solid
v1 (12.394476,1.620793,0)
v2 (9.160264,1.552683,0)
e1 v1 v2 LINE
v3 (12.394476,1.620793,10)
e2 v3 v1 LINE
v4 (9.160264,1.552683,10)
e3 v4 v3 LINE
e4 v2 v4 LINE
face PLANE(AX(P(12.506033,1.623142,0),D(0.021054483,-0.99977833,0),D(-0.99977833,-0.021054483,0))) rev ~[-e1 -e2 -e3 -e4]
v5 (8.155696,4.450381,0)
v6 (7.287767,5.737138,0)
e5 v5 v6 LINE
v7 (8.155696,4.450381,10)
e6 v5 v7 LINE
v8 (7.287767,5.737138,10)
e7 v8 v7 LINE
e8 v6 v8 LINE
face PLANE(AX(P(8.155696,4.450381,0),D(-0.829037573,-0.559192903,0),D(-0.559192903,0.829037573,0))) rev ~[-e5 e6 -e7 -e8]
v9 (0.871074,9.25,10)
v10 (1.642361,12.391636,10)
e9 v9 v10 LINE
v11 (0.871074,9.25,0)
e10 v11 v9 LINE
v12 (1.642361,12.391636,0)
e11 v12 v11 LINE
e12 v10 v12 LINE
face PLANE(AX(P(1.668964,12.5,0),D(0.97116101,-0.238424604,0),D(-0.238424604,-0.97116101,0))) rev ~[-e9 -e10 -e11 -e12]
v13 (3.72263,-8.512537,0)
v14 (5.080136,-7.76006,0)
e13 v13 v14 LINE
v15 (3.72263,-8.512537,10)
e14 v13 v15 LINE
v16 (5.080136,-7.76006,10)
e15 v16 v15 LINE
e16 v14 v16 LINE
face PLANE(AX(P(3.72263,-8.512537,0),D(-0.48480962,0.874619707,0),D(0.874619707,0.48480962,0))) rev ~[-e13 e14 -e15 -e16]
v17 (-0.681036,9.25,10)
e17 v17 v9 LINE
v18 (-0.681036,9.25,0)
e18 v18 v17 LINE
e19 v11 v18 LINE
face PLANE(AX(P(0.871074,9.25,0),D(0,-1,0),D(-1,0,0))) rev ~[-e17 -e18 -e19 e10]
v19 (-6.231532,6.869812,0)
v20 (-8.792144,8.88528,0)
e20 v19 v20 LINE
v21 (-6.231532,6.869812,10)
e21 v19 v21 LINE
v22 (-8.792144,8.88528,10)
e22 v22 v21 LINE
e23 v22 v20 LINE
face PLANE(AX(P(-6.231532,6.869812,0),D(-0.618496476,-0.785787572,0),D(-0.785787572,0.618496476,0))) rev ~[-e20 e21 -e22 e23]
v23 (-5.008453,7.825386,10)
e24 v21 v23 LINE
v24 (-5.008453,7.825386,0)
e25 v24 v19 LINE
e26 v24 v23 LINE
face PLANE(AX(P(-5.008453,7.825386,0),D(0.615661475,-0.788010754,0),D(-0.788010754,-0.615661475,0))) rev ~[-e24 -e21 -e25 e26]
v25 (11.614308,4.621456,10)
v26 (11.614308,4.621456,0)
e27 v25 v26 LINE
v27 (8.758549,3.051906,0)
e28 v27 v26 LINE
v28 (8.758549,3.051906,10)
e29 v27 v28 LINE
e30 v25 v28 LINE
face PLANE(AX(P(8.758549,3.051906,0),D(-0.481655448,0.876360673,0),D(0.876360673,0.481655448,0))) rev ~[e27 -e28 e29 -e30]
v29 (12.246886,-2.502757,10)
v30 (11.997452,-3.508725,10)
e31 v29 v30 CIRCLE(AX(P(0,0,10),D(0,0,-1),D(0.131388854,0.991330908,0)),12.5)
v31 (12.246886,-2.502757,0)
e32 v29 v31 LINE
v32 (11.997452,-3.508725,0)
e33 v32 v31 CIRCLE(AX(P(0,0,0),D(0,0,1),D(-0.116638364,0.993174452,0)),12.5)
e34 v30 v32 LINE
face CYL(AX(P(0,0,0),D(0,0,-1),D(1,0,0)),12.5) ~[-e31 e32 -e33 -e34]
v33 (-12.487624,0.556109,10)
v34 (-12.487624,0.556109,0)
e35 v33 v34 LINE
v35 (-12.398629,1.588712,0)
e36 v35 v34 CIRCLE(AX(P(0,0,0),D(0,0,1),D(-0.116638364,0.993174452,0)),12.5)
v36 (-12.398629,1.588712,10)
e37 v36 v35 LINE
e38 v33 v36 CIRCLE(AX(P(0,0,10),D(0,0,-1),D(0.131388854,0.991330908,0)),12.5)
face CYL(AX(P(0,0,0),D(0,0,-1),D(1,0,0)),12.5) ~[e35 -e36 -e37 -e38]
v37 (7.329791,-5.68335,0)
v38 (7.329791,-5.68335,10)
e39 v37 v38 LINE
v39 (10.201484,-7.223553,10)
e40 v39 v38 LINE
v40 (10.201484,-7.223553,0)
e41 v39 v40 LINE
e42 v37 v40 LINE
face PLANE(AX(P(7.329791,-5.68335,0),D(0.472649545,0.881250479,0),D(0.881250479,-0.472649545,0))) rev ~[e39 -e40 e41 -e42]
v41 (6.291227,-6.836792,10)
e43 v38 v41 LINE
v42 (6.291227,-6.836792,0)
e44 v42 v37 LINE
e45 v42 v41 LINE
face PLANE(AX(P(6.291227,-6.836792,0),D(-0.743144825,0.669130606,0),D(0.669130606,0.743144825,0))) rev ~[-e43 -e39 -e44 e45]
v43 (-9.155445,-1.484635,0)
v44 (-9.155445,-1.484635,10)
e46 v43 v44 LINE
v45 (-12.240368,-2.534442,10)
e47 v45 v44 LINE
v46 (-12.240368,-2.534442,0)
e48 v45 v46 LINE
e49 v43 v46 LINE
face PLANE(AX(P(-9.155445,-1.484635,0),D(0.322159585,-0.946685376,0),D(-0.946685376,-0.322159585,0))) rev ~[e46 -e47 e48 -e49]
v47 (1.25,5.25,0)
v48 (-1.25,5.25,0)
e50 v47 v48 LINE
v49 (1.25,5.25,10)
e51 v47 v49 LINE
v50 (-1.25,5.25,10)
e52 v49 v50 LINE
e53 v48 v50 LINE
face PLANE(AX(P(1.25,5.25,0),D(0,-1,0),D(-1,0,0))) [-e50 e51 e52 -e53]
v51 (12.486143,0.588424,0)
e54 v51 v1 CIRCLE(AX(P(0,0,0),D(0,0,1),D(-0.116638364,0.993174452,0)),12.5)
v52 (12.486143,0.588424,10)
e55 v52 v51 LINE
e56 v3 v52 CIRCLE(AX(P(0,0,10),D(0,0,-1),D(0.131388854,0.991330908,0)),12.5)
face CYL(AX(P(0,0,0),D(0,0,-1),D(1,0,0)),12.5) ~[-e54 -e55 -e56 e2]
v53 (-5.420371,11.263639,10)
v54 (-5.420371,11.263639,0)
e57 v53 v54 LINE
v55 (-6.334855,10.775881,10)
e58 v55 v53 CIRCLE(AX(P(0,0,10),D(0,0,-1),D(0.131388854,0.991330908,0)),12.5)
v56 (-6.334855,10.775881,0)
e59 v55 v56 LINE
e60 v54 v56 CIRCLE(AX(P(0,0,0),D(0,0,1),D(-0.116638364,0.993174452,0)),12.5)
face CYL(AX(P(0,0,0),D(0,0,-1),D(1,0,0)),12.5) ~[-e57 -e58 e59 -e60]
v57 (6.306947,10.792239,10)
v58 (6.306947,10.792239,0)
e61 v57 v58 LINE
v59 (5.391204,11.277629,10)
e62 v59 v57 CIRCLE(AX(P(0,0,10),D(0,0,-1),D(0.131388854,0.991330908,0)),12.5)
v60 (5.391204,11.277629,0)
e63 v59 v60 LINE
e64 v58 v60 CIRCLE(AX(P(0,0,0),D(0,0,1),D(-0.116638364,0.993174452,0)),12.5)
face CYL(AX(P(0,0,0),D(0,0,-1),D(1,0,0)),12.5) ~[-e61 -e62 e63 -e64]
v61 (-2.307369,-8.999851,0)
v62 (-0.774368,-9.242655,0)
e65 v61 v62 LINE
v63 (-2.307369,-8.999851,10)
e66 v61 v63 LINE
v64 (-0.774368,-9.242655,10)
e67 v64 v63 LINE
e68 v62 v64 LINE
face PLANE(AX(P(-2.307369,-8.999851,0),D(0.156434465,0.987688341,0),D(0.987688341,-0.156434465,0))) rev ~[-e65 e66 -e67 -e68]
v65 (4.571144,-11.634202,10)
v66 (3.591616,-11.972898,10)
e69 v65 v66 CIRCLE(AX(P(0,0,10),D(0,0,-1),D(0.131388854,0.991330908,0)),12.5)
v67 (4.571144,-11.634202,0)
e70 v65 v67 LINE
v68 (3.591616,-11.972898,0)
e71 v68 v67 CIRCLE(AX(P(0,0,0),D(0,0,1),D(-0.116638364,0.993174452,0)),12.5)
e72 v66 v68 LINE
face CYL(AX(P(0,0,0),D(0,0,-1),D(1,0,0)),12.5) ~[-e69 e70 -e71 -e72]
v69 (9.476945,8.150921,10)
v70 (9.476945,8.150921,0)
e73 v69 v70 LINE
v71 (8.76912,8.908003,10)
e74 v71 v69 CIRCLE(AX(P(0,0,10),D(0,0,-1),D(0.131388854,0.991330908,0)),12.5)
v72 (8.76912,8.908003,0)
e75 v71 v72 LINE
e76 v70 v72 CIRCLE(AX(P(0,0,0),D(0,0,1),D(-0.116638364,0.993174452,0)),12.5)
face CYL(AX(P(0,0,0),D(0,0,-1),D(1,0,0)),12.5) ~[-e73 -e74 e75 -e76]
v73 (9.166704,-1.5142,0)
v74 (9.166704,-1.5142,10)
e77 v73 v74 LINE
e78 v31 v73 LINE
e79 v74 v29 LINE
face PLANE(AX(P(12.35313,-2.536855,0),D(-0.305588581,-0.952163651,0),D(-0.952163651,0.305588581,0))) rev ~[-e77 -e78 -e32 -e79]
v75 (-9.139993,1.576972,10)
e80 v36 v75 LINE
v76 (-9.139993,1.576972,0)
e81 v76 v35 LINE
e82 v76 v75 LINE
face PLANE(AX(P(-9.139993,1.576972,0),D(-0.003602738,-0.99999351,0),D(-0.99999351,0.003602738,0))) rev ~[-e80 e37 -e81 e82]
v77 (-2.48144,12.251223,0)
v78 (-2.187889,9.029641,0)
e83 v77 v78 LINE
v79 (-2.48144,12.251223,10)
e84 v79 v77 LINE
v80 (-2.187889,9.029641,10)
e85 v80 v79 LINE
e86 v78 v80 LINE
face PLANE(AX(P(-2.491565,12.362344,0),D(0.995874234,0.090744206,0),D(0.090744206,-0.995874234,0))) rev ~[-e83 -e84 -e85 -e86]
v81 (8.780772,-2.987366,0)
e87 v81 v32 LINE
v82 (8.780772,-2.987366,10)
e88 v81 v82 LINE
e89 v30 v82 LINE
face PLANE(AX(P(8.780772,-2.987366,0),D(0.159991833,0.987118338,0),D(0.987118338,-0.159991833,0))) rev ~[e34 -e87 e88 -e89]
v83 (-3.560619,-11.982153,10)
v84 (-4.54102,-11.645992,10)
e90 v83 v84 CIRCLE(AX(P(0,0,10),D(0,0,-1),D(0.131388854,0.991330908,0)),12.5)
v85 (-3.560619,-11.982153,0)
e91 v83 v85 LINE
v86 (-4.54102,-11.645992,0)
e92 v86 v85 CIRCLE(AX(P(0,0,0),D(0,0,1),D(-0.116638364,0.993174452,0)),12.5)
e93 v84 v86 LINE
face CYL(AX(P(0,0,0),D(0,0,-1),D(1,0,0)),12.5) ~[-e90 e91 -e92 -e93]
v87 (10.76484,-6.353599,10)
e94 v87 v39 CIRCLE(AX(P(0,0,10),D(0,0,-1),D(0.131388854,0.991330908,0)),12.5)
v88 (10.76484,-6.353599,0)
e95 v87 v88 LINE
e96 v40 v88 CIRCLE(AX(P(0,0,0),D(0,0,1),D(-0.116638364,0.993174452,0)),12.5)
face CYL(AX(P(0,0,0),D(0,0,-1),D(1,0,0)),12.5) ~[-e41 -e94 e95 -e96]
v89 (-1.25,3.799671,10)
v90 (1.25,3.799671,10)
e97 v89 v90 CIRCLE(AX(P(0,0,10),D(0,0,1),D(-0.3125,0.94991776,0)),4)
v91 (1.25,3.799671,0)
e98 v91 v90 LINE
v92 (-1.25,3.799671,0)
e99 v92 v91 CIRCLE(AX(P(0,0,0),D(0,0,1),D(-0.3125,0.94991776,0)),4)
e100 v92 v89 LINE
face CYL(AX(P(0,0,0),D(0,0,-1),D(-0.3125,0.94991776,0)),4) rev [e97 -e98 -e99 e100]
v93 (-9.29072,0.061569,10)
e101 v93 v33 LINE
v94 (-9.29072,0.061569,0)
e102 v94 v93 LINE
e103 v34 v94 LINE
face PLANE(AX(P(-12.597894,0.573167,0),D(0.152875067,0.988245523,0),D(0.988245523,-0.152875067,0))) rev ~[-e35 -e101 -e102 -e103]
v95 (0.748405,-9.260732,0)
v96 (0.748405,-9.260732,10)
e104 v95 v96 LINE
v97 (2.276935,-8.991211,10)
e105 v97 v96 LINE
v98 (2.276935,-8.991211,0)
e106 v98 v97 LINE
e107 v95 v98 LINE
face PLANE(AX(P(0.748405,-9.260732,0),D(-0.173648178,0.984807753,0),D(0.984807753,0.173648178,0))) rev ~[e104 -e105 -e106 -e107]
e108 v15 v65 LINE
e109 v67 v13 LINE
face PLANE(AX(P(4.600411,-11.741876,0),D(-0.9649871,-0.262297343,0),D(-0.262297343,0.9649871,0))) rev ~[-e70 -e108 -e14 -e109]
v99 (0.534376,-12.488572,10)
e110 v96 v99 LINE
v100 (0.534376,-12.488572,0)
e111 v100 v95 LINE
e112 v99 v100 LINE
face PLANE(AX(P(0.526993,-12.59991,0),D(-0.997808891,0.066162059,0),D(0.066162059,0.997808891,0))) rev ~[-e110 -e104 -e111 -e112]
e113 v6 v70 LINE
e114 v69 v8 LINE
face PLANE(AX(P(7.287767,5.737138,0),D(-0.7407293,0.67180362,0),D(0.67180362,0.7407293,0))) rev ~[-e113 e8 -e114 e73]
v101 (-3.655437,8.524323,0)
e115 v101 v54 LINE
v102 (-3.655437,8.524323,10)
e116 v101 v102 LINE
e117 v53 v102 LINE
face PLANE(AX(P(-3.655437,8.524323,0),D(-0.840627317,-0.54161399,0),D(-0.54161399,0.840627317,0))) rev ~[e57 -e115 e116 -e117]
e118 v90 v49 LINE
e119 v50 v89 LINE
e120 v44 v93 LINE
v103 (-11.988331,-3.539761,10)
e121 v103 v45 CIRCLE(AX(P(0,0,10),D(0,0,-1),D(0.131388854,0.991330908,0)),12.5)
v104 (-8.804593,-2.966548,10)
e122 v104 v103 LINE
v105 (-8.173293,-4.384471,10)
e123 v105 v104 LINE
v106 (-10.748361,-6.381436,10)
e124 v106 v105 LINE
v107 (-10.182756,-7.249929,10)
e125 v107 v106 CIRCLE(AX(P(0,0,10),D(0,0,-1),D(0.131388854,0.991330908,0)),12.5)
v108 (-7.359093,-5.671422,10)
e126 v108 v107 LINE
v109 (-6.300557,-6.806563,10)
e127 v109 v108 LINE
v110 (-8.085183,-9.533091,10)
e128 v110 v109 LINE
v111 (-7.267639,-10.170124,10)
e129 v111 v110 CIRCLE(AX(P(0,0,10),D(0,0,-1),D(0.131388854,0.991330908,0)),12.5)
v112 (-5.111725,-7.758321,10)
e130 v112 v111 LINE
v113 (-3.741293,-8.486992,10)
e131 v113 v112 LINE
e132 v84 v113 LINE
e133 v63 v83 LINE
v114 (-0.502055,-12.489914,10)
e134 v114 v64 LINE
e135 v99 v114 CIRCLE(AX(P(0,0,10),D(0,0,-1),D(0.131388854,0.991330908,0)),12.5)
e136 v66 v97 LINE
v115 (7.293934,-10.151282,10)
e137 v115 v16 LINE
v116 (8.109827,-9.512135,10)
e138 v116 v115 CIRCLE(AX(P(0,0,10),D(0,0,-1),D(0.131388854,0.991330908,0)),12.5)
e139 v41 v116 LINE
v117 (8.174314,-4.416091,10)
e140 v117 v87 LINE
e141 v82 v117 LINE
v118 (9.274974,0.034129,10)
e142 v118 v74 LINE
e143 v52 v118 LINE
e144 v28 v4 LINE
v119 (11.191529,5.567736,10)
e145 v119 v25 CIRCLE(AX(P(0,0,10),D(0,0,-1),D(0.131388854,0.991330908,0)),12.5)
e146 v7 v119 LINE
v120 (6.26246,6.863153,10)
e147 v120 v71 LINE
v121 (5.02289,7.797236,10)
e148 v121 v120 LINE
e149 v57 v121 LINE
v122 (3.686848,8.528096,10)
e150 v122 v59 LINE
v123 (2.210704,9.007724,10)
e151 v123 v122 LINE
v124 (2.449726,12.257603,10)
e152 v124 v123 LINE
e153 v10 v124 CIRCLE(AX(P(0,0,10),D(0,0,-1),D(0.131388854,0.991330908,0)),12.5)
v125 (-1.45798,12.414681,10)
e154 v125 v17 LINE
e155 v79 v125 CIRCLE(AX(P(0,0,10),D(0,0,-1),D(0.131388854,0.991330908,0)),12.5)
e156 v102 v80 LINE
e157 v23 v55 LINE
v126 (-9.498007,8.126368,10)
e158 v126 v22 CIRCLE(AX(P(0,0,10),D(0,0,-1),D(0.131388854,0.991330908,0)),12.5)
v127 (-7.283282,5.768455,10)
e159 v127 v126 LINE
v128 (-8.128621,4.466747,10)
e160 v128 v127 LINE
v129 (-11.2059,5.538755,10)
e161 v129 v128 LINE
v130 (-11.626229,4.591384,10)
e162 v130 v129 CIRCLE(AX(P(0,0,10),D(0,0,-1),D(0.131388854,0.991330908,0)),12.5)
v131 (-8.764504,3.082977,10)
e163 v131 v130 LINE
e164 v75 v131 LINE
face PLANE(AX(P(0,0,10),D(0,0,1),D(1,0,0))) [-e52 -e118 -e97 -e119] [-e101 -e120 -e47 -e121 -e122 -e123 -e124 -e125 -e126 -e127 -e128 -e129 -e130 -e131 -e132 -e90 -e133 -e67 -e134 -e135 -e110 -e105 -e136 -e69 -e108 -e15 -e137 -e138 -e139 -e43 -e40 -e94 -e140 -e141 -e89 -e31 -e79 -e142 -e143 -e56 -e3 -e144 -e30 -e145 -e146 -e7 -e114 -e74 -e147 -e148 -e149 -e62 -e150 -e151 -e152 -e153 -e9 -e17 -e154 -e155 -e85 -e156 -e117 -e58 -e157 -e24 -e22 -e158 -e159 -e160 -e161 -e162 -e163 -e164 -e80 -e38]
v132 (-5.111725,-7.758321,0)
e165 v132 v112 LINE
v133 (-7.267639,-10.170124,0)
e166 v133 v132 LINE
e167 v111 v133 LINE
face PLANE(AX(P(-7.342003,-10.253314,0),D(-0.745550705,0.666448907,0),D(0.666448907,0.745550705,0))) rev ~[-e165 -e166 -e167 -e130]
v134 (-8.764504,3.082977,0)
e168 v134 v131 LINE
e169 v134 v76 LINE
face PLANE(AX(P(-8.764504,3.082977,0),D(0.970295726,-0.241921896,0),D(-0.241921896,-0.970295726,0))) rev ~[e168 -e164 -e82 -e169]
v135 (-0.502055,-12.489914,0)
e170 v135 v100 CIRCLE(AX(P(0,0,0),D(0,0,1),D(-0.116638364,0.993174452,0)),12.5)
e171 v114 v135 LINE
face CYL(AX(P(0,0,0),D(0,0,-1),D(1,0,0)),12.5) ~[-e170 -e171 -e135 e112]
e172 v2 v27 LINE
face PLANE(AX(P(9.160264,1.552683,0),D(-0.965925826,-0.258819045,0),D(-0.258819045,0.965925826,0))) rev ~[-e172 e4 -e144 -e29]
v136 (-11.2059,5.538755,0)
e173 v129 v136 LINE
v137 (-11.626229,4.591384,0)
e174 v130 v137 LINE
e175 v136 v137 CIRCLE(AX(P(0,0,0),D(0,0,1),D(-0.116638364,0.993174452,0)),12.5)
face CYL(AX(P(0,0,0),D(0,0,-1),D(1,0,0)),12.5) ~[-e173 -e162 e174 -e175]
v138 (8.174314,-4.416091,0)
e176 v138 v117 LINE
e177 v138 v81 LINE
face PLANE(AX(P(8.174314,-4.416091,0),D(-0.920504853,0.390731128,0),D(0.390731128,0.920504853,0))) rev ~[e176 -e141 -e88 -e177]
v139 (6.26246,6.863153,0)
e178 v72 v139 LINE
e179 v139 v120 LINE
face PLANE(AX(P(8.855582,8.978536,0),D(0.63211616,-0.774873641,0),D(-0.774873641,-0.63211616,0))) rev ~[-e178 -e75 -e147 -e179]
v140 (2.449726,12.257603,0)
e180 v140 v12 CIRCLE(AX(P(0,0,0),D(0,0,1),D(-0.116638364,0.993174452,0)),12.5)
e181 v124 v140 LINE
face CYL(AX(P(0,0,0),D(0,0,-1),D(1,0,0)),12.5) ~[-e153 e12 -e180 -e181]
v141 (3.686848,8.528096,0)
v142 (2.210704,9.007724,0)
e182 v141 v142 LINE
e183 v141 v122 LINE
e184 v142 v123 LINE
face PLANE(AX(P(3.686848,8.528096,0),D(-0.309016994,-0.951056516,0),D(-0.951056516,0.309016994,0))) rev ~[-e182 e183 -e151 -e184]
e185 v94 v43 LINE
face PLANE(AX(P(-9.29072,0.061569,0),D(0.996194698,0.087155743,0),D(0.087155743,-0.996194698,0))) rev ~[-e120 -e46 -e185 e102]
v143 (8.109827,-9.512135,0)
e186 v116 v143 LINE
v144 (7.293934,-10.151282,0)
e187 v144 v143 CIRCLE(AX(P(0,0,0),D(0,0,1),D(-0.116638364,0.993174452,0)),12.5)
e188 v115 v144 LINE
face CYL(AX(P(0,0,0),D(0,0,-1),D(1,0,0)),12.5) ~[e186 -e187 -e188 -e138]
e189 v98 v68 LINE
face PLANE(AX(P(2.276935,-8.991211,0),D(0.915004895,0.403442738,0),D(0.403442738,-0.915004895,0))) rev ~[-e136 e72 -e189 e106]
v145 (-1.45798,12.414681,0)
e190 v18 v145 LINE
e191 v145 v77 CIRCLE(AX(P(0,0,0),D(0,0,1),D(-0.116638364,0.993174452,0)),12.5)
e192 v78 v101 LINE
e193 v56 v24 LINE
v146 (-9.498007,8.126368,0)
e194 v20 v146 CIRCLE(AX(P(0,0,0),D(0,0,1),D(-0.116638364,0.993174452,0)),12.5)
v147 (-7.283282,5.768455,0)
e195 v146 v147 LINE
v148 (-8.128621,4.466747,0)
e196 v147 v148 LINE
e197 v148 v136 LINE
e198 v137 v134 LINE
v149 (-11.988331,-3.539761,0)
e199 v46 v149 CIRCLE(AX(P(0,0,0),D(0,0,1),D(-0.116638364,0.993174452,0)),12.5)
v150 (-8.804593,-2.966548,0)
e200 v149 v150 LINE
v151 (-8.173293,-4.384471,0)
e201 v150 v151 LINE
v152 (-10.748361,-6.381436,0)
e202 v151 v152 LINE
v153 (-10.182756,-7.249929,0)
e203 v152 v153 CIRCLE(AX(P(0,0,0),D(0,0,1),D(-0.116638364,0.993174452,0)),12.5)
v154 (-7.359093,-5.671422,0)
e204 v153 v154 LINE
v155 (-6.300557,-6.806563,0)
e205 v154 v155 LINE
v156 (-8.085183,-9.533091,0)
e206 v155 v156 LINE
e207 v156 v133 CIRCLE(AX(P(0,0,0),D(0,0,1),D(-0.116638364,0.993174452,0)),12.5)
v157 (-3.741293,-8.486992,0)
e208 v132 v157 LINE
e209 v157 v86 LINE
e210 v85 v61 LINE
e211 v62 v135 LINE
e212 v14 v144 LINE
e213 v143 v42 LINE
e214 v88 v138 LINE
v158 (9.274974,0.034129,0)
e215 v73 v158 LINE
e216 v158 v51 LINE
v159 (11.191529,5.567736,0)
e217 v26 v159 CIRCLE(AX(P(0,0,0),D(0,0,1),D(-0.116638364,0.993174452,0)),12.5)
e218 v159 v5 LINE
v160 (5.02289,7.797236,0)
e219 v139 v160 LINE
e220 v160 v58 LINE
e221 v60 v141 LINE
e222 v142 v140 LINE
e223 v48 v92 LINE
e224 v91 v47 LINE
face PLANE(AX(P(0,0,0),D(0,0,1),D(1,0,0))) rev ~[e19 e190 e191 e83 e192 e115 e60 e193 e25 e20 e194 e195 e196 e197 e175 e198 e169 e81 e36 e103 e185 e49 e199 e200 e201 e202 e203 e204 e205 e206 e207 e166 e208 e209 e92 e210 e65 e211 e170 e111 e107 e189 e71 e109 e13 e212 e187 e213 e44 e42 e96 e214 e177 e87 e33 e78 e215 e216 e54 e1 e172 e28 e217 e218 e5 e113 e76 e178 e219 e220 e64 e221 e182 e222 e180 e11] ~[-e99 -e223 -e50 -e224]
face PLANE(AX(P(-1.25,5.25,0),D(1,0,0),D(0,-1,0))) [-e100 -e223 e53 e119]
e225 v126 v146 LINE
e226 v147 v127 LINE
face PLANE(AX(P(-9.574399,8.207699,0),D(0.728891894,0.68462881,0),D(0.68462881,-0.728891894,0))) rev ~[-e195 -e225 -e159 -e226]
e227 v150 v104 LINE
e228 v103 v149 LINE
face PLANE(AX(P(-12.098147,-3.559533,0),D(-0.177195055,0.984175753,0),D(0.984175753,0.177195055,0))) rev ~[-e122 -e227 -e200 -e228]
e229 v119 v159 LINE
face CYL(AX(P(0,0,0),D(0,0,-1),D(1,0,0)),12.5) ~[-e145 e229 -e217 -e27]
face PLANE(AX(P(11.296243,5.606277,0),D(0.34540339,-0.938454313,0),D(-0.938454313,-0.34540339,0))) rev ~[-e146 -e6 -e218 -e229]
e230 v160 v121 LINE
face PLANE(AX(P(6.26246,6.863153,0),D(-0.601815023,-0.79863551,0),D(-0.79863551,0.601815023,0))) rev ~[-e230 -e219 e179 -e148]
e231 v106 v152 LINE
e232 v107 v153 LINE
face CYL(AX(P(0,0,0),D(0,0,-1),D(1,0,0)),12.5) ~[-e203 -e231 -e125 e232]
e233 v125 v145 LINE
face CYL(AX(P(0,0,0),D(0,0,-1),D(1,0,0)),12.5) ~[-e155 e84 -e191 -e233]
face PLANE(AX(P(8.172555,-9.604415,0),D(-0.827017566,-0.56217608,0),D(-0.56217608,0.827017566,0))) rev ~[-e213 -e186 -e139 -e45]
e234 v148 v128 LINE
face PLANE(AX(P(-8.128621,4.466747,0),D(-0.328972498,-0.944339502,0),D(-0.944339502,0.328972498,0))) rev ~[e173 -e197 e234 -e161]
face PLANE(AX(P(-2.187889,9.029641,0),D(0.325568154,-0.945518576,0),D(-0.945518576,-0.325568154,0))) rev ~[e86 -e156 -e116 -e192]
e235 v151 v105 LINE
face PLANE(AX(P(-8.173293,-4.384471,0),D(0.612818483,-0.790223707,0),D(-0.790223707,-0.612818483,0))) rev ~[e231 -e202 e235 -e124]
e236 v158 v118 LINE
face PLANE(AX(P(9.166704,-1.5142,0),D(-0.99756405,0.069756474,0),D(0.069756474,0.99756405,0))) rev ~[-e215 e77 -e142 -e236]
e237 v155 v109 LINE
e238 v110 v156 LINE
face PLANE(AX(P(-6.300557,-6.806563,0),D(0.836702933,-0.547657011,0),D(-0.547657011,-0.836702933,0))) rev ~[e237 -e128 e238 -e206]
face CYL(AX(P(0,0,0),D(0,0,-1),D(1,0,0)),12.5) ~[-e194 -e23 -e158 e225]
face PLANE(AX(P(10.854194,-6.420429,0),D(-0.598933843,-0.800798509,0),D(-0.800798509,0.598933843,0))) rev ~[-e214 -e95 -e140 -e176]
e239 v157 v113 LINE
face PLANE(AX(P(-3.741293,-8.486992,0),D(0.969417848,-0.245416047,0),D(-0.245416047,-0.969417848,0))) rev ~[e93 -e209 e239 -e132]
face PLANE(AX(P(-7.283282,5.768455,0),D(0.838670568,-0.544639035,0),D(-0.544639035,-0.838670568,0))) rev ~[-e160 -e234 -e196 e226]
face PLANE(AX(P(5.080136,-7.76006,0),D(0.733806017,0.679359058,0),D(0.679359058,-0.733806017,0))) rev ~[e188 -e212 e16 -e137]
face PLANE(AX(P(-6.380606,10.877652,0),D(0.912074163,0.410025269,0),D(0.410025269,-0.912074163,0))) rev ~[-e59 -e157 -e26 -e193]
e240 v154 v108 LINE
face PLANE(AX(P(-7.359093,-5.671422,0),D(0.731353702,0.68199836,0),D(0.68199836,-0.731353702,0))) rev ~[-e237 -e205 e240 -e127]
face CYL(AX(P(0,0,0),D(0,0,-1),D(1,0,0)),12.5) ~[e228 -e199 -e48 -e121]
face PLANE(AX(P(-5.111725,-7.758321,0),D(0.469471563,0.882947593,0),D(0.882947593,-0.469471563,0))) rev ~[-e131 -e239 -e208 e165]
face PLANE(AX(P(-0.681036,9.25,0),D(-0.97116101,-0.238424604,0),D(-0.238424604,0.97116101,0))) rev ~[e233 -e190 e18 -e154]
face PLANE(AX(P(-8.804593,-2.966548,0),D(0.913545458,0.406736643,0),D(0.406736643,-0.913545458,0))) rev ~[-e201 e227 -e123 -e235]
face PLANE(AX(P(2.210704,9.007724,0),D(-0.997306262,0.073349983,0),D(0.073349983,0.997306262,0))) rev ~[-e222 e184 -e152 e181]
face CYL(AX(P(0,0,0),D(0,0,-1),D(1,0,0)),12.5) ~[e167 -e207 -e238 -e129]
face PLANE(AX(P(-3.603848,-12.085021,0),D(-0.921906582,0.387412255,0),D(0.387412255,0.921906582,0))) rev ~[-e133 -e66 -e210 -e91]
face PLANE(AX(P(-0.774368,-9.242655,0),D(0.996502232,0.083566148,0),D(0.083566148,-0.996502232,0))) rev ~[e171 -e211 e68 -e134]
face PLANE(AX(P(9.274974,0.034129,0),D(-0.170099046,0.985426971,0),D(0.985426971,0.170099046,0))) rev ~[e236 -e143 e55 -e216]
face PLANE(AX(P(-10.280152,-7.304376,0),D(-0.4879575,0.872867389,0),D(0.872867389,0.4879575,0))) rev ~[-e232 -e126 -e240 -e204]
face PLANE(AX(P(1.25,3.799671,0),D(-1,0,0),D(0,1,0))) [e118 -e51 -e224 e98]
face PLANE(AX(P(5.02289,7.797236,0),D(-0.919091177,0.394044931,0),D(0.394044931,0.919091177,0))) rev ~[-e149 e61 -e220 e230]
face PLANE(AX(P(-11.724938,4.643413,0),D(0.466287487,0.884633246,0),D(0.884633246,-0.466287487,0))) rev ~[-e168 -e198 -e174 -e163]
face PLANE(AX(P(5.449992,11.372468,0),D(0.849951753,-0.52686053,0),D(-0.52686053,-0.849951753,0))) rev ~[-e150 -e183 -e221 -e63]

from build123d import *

# Parameters (mm, degrees)
CROQUIS1_R              = 12.5
SALIENTE_EXTRUIR1_DEPTH = 10
CORTAR_EXTRUIR1_DEPTH   = 21.310096012
MATRIZC1_COUNT          = 19
MATRIZC1_ANGLE          = 342
CORTAR_EXTRUIR2_DEPTH   = 10


with BuildPart() as part:
    # Croquis1 → Saliente-Extruir1 (new body)
    with BuildSketch(Plane.XY):
        Circle(CROQUIS1_R)
    extrude(amount=SALIENTE_EXTRUIR1_DEPTH)

    # Croquis2 → Cortar-Extruir1 (cut, through all)
    with BuildSketch(Plane(origin=(0, 0, 0), x_dir=(-1, 0, 0), z_dir=(0, 0, -1))):
        Polygon((-1.66896446, 12.5), (-0.871074147, 9.25), (0.68103554, 9.25), (1.478925853, 12.5), align=None)
    cortar_extruir1 = extrude(amount=-CORTAR_EXTRUIR1_DEPTH, mode=Mode.SUBTRACT)

    # MatrizC1: Cortar-Extruir1 ×19 about axis
    matrizc1_axis = Axis((0, 0, 0), (0, 0, 1))
    for i in range(1, MATRIZC1_COUNT):
        add(cortar_extruir1.rotate(matrizc1_axis, i * MATRIZC1_ANGLE / (MATRIZC1_COUNT - 1)), mode=Mode.SUBTRACT)

    # Croquis3 → Cortar-Extruir2 (cut)
    with BuildSketch(Plane(origin=(0, 0, 0), x_dir=(-1, 0, 0), z_dir=(0, 0, -1))):
        with BuildLine():
            Line((-1.25, 3.799671038), (-1.25, 5.25))
            Line((-1.25, 5.25), (1.25, 5.25))
            Line((1.25, 5.25), (1.25, 3.799671038))
            ThreePointArc((1.25, 3.799671038), (0, -4), (-1.25, 3.799671038))
        make_face()
    extrude(amount=-CORTAR_EXTRUIR2_DEPTH, mode=Mode.SUBTRACT)


solid = part.part
